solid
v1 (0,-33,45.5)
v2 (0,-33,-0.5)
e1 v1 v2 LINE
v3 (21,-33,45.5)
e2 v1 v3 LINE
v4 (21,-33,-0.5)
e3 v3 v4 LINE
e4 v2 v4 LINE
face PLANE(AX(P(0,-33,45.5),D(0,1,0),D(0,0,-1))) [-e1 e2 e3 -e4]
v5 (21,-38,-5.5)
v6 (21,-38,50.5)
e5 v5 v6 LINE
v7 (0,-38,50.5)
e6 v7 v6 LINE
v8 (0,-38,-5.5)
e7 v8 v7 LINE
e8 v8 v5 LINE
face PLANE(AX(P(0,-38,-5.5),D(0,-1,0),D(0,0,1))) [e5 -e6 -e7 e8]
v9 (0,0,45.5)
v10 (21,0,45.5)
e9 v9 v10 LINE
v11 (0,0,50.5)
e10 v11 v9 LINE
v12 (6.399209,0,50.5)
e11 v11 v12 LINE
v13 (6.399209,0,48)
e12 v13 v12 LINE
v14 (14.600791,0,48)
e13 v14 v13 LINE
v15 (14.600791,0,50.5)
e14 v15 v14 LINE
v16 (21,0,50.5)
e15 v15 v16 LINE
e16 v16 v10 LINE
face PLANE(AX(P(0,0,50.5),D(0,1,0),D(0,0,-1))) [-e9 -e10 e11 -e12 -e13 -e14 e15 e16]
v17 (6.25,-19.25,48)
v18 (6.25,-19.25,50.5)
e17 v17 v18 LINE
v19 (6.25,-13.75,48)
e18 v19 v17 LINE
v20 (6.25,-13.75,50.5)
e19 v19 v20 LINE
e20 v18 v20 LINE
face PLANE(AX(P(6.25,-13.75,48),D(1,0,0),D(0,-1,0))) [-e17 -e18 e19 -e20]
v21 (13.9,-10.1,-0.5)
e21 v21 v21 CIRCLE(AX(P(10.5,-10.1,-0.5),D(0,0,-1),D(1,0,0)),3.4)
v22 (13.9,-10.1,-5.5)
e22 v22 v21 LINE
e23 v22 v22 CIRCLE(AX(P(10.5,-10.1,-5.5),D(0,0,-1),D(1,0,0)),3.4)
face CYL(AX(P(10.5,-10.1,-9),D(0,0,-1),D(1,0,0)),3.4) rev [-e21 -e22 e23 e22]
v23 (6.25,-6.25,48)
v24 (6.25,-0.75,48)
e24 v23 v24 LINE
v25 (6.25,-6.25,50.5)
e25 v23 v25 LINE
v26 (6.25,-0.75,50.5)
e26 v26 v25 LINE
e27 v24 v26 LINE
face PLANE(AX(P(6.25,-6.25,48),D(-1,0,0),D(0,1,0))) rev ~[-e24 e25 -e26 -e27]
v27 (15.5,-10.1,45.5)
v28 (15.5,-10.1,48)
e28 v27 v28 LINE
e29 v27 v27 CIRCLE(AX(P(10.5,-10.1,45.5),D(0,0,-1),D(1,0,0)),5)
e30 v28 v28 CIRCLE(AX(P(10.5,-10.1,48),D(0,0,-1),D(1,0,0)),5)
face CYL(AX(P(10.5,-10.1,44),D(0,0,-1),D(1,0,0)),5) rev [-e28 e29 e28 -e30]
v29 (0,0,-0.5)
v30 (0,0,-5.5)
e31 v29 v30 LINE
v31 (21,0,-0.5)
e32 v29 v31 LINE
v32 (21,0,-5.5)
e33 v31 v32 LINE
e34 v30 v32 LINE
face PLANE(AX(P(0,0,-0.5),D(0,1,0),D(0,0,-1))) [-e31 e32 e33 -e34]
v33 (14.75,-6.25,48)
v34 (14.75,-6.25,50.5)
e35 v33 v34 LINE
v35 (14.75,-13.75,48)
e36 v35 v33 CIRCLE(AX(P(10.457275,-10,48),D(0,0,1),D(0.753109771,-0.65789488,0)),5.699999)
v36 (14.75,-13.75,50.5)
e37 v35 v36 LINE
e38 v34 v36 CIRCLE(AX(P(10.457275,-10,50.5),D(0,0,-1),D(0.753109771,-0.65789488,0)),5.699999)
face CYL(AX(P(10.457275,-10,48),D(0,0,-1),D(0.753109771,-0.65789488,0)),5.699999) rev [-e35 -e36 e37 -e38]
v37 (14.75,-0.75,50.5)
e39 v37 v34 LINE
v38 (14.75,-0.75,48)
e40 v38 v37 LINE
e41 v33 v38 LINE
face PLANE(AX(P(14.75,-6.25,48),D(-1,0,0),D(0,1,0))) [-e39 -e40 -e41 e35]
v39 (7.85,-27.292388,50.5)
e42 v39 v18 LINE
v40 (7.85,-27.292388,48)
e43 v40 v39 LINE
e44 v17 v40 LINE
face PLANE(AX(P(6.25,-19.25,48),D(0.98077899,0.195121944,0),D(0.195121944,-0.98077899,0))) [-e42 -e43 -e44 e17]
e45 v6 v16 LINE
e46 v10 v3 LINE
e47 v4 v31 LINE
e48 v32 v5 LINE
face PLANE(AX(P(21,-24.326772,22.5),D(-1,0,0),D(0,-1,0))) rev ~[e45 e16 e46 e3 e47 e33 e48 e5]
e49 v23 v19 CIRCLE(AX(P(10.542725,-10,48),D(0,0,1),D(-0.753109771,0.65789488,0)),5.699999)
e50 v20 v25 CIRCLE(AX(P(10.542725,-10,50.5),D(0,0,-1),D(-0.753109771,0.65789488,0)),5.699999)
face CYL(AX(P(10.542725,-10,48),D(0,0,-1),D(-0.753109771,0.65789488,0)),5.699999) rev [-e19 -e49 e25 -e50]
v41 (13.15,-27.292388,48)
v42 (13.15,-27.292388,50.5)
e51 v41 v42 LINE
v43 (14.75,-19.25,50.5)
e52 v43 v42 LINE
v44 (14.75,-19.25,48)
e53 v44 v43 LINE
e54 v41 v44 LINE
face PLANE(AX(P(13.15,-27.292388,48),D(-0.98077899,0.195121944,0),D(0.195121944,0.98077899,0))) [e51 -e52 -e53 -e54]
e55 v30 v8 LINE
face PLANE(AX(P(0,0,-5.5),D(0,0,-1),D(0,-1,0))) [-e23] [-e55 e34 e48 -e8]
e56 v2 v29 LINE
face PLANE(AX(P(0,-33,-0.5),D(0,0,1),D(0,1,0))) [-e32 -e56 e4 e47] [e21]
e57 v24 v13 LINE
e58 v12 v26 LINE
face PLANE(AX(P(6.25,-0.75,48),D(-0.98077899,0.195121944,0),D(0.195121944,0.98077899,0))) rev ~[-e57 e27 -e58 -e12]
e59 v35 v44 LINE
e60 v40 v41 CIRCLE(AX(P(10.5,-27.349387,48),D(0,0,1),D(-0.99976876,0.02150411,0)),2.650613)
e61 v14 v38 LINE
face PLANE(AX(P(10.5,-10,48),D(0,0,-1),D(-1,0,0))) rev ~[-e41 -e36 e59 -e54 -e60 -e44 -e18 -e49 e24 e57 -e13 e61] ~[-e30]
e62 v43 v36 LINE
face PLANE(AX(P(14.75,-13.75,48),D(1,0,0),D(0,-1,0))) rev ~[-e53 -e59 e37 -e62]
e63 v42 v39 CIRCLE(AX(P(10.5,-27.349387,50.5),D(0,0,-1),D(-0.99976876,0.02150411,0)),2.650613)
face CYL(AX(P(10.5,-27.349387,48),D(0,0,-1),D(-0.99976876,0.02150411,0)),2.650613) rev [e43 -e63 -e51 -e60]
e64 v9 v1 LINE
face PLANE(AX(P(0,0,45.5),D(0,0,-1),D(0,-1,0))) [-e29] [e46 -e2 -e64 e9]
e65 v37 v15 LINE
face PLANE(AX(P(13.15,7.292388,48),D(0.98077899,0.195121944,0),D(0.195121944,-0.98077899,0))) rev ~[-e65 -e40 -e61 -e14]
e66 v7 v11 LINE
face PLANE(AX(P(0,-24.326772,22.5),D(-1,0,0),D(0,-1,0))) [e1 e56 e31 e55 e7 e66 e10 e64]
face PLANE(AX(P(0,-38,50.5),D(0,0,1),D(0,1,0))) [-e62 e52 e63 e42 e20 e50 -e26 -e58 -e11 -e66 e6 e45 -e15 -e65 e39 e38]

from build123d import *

# Parameters (mm, degrees)
CYLINDER018_R     = 3.4
CYLINDER018_DEPTH = 44
CYLINDER017_R     = 5
CYLINDER017_DEPTH = 9
PAD006_DEPTH      = 5
PAD004_DEPTH      = 21


with BuildPart() as cylinder018:
    # Cylinder018 → Cylinder018 (new body)
    with BuildSketch(Plane(origin=(10.5, -10.1, -9), x_dir=(1, 0, 0), z_dir=(0, 0, 1))):
        Circle(CYLINDER018_R)
    extrude(amount=CYLINDER018_DEPTH)


with BuildPart() as cylinder017:
    # Cylinder017 → Cylinder017 (new body)
    with BuildSketch(Plane(origin=(10.5, -10.1, 44), x_dir=(1, 0, 0), z_dir=(0, 0, 1))):
        Circle(CYLINDER017_R)
    extrude(amount=CYLINDER017_DEPTH)


with BuildPart() as fusion014:
    # Sketch006 → Pad006 (new body)
    with BuildSketch(Plane.XY):
        with BuildLine():
            Line((-4.25, 3.75), (-4.25, 9.25))
            Line((-4.25, 9.25), (-2.65, 17.292388))
            ThreePointArc((2.65, 17.292388), (0, 20), (-2.65, 17.292388))
            Line((2.65, 17.292388), (4.25, 9.25))
            Line((4.25, 3.75), (4.25, 9.25))
            ThreePointArc((4.25, -3.75), (5.657274, 0), (4.25, 3.75))
            Line((4.25, -3.75), (4.25, -9.25))
            Line((2.65, -17.292388), (4.25, -9.25))
            ThreePointArc((-2.65, -17.292388), (0, -20), (2.65, -17.292388))
            Line((-4.25, -9.25), (-2.65, -17.292388))
            Line((-4.25, -3.75), (-4.25, -9.25))
            ThreePointArc((-4.25, 3.75), (-5.657274, 0), (-4.25, -3.75))
        make_face()
    extrude(amount=PAD006_DEPTH)


with BuildPart() as fusion014_1:
    # Body006 placement: moved
    add(fusion014.part.moved(Location((10.5, -10, 48))))

    # Fusion014: union Cylinder017
    add(cylinder017.part)


with BuildPart() as agarre:
    # Sketch004 → Pad004 (new body)
    with BuildSketch(Plane.YZ):
        Polygon((-33, -0.5), (0, -0.5), (0, -5.5), (-38, -5.5), (-38, 50.5), (0, 50.5), (0, 45.5), (-33, 45.5), align=None)
    extrude(amount=PAD004_DEPTH)

    # Cut008: cut Fusion014
    add(fusion014_1.part, mode=Mode.SUBTRACT)

    # Cut009: cut Cylinder018
    add(cylinder018.part, mode=Mode.SUBTRACT)


solid = agarre.part
